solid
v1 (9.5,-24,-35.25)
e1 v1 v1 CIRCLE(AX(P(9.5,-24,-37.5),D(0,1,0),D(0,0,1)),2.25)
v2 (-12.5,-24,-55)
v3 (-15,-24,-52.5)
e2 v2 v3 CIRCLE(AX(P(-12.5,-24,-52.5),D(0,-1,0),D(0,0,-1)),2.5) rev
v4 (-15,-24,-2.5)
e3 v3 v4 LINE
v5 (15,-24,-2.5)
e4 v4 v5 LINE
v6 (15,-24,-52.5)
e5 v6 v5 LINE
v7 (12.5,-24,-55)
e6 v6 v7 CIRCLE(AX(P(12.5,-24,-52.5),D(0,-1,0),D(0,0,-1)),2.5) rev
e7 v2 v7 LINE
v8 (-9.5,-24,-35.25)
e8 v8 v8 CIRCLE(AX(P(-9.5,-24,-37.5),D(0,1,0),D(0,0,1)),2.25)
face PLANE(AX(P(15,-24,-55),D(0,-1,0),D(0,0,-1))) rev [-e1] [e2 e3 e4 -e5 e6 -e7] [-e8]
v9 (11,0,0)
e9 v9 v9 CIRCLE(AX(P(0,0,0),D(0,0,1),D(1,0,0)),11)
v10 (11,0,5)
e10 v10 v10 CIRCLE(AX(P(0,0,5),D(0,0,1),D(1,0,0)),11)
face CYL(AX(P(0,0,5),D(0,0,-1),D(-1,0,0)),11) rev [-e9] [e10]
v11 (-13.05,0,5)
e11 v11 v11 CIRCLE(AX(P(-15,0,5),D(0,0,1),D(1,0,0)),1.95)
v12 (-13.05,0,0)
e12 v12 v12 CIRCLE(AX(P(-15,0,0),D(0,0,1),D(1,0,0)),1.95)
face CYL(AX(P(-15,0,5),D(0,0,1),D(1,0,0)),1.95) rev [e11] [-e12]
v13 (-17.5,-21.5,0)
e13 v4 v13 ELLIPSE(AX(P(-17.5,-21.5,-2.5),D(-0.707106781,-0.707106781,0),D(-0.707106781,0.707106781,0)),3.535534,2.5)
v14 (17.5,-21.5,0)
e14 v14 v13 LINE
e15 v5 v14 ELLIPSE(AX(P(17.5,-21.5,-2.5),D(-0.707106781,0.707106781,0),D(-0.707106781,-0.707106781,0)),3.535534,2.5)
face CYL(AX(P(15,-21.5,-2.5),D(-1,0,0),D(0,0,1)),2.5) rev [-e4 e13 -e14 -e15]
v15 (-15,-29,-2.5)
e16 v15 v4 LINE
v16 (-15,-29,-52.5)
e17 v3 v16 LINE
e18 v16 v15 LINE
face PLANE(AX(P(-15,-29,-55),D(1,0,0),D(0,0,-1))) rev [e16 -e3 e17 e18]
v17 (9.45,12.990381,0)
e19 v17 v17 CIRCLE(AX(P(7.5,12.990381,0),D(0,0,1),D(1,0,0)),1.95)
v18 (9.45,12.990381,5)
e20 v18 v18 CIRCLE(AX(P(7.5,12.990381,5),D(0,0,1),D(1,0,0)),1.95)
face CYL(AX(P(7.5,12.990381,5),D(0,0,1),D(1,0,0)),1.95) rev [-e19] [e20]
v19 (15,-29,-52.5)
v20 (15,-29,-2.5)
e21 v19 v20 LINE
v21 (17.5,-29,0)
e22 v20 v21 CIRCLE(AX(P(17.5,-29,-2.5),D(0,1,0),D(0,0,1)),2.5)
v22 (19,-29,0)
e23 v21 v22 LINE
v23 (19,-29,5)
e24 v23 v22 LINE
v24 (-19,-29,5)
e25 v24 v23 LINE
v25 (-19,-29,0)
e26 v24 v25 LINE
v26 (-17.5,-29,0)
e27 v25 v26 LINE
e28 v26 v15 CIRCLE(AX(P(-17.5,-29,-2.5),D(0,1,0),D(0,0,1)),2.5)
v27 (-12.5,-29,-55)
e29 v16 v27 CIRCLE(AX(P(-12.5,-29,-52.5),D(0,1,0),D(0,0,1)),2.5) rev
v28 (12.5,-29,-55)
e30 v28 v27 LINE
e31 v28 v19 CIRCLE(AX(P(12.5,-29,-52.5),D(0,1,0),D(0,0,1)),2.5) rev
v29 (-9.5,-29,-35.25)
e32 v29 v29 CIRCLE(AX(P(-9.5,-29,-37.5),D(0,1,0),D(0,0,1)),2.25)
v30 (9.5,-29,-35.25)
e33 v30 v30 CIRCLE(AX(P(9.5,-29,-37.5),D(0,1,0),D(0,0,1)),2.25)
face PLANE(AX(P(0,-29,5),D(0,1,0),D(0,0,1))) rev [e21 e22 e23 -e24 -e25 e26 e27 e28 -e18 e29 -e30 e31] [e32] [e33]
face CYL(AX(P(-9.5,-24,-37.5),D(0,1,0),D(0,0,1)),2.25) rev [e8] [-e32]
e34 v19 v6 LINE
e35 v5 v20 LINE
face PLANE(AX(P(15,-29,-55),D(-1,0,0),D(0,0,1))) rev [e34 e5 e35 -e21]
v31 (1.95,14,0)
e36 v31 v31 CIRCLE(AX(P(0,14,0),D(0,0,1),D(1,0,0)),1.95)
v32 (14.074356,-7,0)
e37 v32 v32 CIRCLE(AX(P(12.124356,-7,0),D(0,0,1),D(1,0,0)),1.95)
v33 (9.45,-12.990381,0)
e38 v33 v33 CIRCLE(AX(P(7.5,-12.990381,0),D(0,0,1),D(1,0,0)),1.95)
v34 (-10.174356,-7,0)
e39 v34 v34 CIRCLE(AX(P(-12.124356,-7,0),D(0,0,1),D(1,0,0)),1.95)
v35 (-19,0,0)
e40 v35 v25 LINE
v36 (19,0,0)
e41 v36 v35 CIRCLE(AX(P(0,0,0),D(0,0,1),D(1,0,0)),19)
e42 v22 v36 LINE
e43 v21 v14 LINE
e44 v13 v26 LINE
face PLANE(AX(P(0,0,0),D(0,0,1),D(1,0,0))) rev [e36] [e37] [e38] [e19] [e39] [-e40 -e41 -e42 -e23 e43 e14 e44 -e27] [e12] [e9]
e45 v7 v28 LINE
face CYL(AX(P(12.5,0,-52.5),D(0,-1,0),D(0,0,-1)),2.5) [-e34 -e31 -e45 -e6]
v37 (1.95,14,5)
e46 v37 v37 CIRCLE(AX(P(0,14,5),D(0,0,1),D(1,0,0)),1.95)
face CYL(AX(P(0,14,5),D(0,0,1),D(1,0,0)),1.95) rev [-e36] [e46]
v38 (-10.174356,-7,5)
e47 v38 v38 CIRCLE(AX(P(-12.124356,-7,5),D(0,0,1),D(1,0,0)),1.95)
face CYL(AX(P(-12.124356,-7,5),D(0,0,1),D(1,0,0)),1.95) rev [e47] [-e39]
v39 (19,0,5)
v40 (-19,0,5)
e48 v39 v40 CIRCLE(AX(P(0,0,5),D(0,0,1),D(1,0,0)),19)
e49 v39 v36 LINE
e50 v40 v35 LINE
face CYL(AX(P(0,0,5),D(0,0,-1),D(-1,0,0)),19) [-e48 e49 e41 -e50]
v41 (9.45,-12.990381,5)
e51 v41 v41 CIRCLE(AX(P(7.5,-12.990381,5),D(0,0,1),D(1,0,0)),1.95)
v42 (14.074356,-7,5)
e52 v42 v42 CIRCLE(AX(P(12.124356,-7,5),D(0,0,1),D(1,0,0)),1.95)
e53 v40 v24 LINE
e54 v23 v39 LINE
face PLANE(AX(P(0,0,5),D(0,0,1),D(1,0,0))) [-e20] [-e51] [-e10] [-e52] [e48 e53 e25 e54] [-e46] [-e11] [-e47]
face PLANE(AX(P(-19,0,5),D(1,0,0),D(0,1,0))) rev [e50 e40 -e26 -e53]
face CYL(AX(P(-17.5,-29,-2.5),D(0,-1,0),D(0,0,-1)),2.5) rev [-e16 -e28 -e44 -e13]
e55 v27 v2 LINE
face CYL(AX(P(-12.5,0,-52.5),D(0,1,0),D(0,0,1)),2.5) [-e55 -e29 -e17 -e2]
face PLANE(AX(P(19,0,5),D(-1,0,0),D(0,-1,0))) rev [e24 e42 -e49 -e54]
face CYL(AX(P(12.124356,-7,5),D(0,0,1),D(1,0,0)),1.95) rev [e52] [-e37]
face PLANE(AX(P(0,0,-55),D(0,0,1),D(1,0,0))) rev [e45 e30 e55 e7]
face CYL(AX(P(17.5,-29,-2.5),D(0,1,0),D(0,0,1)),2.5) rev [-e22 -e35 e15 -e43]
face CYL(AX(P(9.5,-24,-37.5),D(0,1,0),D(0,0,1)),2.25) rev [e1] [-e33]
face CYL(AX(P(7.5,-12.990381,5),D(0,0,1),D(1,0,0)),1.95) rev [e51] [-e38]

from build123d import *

# Parameters (mm, degrees)
SKETCH1_R            = 19
SKETCH1_R_2          = 11
BOSS_EXTRUDE1_DEPTH  = 5
SKETCH2_W            = 30
SKETCH2_H            = 5
BOSS_EXTRUDE2_DEPTH  = 55
M3_CLEARANCE_HOLE1_D = 3.9
M4_CLEARANCE_HOLE1_D = 4.5
FILLET1_R            = 2.5


with BuildPart() as part:
    # Sketch1 → Boss-Extrude1 (new body)
    # profile 1 of 2: a face of its own
    with BuildSketch(Plane.XY):
        Circle(SKETCH1_R)
        Circle(SKETCH1_R_2, mode=Mode.SUBTRACT)
    # profile 2 of 2: a face of its own
    with BuildSketch(Plane.XY):
        with BuildLine():
            ThreePointArc((19, 0), (0, -19), (-19, 0))
            Line((-19, 0), (-19, -29))
            Line((-19, -29), (19, -29))
            Line((19, -29), (19, 0))
        make_face()
    extrude(amount=BOSS_EXTRUDE1_DEPTH)

    # Sketch2 → Boss-Extrude2 (add)
    with BuildSketch(Plane(origin=(0, 0, 0), x_dir=(-1, 0, 0), z_dir=(0, 0, -1))):
        with Locations((0, -26.5)):
            Rectangle(SKETCH2_W, SKETCH2_H)
    extrude(amount=BOSS_EXTRUDE2_DEPTH)

    # M3 Clearance Hole1 (through all)
    with Locations(Plane.XY.offset(5)):
        with Locations((-15, 0), (0, 14), (12.124355653, -7), (-12.124355653, -7), (7.5, 12.990381057), (7.5, -12.990381057)):
            Hole(M3_CLEARANCE_HOLE1_D / 2)

    # M4 Clearance Hole1 (through all)
    with Locations(Plane(origin=(0, -24, 0), x_dir=(1, 0, 0), z_dir=(0, 1, 0))):
        with Locations((-9.5, 37.5), (9.5, 37.5)):
            Hole(M4_CLEARANCE_HOLE1_D / 2)

    # Fillet1
    fillet1_edges = [part.edges().sort_by_distance(p)[0] for p in [
        (15, -26.5, 0),
        (-15, -26.5, 0),
        (0, -24, 0),
        (15, -26.5, -55),
        (-15, -26.5, -55),
    ]]
    fillet(fillet1_edges, radius=FILLET1_R)


solid = part.part
